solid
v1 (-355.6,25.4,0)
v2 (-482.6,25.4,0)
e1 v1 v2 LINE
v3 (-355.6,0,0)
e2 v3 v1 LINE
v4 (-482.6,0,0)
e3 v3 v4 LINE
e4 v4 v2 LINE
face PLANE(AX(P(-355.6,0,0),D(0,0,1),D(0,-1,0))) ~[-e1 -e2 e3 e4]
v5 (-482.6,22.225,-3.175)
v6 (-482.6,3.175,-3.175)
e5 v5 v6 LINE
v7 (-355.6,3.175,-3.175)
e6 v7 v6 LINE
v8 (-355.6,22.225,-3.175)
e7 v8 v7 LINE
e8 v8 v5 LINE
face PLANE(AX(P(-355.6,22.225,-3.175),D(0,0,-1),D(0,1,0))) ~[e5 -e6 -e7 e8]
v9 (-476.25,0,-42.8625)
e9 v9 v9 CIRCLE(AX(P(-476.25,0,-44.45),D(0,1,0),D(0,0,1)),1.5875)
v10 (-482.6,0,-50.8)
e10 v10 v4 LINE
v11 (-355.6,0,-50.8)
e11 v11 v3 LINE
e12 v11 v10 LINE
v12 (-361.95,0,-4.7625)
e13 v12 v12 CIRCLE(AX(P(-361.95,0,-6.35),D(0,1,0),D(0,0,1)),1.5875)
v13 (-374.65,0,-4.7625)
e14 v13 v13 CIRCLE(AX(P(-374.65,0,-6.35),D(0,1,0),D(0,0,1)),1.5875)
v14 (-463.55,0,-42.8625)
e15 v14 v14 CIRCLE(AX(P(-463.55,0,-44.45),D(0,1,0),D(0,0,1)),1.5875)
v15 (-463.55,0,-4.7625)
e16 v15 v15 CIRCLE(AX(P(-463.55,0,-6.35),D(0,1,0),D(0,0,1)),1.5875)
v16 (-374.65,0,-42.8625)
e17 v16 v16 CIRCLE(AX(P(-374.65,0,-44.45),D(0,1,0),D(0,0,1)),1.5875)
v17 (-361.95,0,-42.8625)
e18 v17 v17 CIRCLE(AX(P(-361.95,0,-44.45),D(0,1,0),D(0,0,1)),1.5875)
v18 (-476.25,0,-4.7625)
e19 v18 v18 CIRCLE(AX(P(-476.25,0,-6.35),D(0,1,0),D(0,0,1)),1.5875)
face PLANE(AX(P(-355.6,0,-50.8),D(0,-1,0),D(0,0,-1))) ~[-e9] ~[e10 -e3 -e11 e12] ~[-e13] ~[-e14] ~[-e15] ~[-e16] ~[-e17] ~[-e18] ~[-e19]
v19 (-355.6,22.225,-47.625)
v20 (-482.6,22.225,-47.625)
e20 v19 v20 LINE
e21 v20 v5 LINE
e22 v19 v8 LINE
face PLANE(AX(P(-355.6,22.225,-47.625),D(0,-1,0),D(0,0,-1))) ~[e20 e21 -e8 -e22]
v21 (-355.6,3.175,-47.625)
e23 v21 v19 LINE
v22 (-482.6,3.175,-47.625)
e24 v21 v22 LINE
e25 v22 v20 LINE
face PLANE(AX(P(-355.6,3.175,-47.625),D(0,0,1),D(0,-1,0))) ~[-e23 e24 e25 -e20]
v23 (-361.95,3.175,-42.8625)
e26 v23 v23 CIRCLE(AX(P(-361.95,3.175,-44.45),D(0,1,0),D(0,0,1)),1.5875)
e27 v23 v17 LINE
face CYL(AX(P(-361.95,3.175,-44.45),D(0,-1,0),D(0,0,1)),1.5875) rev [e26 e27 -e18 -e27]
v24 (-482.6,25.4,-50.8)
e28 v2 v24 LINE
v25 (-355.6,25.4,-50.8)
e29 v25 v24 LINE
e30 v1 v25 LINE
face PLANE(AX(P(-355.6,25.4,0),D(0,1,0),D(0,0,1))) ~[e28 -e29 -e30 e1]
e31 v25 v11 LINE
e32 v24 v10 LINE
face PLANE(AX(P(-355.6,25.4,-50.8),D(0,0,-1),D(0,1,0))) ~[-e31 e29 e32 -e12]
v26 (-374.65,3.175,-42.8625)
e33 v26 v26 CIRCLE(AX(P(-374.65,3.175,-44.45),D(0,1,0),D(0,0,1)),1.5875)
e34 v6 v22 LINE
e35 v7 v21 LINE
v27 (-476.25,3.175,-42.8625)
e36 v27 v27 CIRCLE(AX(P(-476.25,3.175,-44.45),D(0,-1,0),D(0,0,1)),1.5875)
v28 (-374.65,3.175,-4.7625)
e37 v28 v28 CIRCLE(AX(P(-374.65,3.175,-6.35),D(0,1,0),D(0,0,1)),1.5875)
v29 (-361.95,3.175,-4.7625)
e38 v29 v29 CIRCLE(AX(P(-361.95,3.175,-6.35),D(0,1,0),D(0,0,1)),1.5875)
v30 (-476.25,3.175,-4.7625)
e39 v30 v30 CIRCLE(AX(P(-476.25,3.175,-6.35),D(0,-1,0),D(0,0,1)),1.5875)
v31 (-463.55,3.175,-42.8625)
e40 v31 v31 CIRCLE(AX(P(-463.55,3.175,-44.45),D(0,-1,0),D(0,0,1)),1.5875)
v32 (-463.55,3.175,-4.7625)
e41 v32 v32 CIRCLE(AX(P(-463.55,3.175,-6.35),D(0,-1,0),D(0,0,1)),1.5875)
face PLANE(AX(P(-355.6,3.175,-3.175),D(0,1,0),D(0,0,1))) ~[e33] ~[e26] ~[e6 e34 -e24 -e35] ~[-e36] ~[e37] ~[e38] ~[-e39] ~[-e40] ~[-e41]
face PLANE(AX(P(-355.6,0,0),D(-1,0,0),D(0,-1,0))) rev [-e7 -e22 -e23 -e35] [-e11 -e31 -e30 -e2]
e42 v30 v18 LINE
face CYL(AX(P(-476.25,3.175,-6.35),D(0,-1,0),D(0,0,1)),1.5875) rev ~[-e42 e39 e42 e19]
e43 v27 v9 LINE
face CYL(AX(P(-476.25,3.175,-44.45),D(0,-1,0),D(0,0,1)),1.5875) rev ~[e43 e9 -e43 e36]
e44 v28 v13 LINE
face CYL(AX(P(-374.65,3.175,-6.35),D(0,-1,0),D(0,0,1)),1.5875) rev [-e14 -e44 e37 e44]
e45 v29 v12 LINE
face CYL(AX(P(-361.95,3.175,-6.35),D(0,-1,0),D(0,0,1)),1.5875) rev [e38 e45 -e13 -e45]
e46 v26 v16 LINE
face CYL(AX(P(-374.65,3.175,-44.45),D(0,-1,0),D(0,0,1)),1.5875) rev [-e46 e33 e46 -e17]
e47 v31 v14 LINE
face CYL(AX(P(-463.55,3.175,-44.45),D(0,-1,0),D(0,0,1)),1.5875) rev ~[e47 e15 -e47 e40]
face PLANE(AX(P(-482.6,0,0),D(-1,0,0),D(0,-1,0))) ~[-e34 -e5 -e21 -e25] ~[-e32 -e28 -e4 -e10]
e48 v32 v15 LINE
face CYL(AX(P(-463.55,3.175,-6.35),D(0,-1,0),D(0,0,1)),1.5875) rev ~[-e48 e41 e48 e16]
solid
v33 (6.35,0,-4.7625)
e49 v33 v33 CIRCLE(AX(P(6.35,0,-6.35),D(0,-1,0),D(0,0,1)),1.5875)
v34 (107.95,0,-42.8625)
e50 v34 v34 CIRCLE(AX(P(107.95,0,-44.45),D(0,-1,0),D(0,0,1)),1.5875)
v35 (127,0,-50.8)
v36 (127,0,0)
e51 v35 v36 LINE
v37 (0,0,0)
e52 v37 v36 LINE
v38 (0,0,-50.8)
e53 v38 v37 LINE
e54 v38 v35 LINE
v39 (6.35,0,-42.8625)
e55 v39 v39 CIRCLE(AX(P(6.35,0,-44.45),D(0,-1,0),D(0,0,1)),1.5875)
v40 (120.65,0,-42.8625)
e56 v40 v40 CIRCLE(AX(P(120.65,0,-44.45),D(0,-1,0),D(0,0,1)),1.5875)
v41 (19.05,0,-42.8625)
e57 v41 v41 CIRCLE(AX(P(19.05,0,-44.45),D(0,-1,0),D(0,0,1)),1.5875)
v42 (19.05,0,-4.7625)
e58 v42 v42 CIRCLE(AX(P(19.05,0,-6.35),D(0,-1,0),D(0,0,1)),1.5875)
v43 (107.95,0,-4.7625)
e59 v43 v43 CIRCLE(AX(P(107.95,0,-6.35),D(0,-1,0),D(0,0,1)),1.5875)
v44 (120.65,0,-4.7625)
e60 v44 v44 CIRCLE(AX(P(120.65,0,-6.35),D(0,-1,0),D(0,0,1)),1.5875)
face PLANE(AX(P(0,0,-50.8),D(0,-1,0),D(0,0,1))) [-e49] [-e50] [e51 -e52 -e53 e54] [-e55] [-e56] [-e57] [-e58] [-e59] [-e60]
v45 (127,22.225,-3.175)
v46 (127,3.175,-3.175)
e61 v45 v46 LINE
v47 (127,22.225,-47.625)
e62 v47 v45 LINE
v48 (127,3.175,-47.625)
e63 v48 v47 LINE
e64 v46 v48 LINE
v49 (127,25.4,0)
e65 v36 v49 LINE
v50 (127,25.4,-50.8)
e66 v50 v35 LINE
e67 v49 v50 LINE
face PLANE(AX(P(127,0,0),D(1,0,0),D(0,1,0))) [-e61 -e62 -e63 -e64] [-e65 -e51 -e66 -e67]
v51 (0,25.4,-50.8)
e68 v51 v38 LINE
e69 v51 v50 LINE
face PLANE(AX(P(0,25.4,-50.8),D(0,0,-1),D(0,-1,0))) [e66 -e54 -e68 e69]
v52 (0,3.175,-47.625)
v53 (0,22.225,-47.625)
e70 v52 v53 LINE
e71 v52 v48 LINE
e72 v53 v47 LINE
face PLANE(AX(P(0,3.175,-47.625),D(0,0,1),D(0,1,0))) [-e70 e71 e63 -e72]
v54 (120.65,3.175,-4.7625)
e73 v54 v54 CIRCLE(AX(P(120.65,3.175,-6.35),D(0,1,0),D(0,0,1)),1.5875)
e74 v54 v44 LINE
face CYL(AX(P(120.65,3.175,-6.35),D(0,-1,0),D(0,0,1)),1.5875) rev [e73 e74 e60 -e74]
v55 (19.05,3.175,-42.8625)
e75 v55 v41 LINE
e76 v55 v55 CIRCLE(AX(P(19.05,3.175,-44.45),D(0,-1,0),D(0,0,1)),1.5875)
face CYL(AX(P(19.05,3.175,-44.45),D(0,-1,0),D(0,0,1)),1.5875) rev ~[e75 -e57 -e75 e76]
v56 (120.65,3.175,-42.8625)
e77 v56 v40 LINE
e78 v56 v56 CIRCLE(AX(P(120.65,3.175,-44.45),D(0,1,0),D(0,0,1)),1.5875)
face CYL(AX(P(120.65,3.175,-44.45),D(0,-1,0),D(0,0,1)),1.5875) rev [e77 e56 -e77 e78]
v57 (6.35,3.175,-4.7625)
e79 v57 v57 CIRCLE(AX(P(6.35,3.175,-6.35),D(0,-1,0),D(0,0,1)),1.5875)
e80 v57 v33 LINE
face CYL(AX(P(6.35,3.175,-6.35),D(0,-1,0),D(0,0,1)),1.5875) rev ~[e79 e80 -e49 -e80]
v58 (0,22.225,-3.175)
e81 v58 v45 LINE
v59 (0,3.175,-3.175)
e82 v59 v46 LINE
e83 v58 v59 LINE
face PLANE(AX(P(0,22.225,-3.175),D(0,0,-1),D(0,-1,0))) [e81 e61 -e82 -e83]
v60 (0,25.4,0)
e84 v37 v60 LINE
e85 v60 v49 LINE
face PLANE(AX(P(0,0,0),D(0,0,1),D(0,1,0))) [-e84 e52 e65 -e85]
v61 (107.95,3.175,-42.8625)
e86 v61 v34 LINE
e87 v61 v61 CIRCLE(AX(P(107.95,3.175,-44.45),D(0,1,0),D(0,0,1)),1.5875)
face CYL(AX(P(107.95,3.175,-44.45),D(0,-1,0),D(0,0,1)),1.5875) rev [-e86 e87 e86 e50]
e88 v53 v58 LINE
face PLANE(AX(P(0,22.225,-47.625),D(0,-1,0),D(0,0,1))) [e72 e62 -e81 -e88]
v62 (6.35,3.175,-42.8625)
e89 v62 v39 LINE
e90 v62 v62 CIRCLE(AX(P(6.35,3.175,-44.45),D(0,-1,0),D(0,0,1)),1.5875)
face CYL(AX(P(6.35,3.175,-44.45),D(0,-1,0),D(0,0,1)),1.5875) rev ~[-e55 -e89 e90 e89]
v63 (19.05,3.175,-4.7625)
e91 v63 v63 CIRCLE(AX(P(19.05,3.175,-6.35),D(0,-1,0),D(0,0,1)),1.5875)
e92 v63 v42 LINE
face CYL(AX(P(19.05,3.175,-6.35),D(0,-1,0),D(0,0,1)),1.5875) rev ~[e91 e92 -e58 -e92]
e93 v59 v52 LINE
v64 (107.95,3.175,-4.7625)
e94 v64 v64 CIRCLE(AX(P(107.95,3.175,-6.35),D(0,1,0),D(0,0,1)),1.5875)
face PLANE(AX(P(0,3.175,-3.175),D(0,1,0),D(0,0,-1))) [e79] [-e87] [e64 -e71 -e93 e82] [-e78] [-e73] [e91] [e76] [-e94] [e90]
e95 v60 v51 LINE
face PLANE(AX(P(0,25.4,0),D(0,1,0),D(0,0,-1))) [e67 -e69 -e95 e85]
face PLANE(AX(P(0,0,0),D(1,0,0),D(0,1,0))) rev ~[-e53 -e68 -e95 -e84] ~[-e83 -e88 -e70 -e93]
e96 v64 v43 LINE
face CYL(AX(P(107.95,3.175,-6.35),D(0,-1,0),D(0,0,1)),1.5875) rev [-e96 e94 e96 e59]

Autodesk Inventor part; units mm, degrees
ref_plane "YZ Plane" through (0, 0, 0) normal (1, 0, 0) x (0, 1, 0)
sketch "Sketch1" plane through (0, 0, 0) normal (1, 0, 0) x (0, 1, 0)
  line L0 (0, 0) -> (25.4, 0)
  line L1 (25.4, 0) -> (25.4, -50.8)
  line L2 (25.4, -50.8) -> (0, -50.8)
  line L3 (0, -50.8) -> (0, 0)
  line L4 (22.225, -3.175) -> (3.175, -3.175)
  line L5 (3.175, -3.175) -> (3.175, -47.625)
  line L6 (3.175, -47.625) -> (22.225, -47.625)
  line L7 (22.225, -47.625) -> (22.225, -3.175)
  dimension "d0" = 25.4
  dimension "d1" = 50.8
  dimension "d2" = 3.175
  dimension "d3" = 3.175
  dimension "d4" = 3.175
  dimension "d5" = 3.175
extrude "Extrusion1" add sketch "Sketch1" along normal blind 127
sketch "Sketch2" plane through (0, 25.4, 0) normal (0, 1, 0) x (1, 0, 0)
  line L0 (6.35, 6.35) -> (19.05, 6.35)
  line L1 (19.05, 6.35) -> (19.05, 44.45)
  line L2 (19.05, 44.45) -> (6.35, 44.45)
  line L3 (6.35, 44.45) -> (6.35, 6.35)
  line L4 (0, 50.8) -> (0, 0) projected
  line L5 (0, 0) -> (127, 0) projected
  dimension "d8" = 12.7
  dimension "d9" = 38.1
  dimension "d10" = 6.35
  dimension "d11" = 6.35
sketch "Sketch3" plane through (0, 3.175, -3.175) normal (0, 1, 0) x (1, 0, 0)
  line L0 (0, 47.625) -> (127, 47.625) projected
  line L1 (19.05, 41.275) -> (6.35, 41.275) projected
  line L2 (19.05, 3.175) -> (19.05, 41.275) projected
  line L3 (6.35, 41.275) -> (6.35, 3.175) projected
  line L4 (6.35, 3.175) -> (19.05, 3.175) projected
  point P0 (0, -3.175)
hole "Hole1" at (19.05, 3.175, -44.45) at (6.35, 3.175, -44.45) at (19.05, 3.175, -6.35) at (6.35, 3.175, -6.35) direction (0, -1, 0) diameter 3.175 end through all
ref_plane "Work Plane1" through (63.5, 0, 0) normal (-1, 0, 0) x (0, 0, 1)
mirror "Mirror1" about plane through (63.5, 0, 0) normal (-1, 0, 0) of "Hole1"
ref_plane "Work Plane2" through (-177.8, 0, 0) normal (-1, 0, 0) x (0, 0, 1)
mirror "Mirror2" about plane through (-177.8, 0, 0) normal (-1, 0, 0)
properties part number "Intake - 2 by 1 Aluminum Mounting CrossBar"
